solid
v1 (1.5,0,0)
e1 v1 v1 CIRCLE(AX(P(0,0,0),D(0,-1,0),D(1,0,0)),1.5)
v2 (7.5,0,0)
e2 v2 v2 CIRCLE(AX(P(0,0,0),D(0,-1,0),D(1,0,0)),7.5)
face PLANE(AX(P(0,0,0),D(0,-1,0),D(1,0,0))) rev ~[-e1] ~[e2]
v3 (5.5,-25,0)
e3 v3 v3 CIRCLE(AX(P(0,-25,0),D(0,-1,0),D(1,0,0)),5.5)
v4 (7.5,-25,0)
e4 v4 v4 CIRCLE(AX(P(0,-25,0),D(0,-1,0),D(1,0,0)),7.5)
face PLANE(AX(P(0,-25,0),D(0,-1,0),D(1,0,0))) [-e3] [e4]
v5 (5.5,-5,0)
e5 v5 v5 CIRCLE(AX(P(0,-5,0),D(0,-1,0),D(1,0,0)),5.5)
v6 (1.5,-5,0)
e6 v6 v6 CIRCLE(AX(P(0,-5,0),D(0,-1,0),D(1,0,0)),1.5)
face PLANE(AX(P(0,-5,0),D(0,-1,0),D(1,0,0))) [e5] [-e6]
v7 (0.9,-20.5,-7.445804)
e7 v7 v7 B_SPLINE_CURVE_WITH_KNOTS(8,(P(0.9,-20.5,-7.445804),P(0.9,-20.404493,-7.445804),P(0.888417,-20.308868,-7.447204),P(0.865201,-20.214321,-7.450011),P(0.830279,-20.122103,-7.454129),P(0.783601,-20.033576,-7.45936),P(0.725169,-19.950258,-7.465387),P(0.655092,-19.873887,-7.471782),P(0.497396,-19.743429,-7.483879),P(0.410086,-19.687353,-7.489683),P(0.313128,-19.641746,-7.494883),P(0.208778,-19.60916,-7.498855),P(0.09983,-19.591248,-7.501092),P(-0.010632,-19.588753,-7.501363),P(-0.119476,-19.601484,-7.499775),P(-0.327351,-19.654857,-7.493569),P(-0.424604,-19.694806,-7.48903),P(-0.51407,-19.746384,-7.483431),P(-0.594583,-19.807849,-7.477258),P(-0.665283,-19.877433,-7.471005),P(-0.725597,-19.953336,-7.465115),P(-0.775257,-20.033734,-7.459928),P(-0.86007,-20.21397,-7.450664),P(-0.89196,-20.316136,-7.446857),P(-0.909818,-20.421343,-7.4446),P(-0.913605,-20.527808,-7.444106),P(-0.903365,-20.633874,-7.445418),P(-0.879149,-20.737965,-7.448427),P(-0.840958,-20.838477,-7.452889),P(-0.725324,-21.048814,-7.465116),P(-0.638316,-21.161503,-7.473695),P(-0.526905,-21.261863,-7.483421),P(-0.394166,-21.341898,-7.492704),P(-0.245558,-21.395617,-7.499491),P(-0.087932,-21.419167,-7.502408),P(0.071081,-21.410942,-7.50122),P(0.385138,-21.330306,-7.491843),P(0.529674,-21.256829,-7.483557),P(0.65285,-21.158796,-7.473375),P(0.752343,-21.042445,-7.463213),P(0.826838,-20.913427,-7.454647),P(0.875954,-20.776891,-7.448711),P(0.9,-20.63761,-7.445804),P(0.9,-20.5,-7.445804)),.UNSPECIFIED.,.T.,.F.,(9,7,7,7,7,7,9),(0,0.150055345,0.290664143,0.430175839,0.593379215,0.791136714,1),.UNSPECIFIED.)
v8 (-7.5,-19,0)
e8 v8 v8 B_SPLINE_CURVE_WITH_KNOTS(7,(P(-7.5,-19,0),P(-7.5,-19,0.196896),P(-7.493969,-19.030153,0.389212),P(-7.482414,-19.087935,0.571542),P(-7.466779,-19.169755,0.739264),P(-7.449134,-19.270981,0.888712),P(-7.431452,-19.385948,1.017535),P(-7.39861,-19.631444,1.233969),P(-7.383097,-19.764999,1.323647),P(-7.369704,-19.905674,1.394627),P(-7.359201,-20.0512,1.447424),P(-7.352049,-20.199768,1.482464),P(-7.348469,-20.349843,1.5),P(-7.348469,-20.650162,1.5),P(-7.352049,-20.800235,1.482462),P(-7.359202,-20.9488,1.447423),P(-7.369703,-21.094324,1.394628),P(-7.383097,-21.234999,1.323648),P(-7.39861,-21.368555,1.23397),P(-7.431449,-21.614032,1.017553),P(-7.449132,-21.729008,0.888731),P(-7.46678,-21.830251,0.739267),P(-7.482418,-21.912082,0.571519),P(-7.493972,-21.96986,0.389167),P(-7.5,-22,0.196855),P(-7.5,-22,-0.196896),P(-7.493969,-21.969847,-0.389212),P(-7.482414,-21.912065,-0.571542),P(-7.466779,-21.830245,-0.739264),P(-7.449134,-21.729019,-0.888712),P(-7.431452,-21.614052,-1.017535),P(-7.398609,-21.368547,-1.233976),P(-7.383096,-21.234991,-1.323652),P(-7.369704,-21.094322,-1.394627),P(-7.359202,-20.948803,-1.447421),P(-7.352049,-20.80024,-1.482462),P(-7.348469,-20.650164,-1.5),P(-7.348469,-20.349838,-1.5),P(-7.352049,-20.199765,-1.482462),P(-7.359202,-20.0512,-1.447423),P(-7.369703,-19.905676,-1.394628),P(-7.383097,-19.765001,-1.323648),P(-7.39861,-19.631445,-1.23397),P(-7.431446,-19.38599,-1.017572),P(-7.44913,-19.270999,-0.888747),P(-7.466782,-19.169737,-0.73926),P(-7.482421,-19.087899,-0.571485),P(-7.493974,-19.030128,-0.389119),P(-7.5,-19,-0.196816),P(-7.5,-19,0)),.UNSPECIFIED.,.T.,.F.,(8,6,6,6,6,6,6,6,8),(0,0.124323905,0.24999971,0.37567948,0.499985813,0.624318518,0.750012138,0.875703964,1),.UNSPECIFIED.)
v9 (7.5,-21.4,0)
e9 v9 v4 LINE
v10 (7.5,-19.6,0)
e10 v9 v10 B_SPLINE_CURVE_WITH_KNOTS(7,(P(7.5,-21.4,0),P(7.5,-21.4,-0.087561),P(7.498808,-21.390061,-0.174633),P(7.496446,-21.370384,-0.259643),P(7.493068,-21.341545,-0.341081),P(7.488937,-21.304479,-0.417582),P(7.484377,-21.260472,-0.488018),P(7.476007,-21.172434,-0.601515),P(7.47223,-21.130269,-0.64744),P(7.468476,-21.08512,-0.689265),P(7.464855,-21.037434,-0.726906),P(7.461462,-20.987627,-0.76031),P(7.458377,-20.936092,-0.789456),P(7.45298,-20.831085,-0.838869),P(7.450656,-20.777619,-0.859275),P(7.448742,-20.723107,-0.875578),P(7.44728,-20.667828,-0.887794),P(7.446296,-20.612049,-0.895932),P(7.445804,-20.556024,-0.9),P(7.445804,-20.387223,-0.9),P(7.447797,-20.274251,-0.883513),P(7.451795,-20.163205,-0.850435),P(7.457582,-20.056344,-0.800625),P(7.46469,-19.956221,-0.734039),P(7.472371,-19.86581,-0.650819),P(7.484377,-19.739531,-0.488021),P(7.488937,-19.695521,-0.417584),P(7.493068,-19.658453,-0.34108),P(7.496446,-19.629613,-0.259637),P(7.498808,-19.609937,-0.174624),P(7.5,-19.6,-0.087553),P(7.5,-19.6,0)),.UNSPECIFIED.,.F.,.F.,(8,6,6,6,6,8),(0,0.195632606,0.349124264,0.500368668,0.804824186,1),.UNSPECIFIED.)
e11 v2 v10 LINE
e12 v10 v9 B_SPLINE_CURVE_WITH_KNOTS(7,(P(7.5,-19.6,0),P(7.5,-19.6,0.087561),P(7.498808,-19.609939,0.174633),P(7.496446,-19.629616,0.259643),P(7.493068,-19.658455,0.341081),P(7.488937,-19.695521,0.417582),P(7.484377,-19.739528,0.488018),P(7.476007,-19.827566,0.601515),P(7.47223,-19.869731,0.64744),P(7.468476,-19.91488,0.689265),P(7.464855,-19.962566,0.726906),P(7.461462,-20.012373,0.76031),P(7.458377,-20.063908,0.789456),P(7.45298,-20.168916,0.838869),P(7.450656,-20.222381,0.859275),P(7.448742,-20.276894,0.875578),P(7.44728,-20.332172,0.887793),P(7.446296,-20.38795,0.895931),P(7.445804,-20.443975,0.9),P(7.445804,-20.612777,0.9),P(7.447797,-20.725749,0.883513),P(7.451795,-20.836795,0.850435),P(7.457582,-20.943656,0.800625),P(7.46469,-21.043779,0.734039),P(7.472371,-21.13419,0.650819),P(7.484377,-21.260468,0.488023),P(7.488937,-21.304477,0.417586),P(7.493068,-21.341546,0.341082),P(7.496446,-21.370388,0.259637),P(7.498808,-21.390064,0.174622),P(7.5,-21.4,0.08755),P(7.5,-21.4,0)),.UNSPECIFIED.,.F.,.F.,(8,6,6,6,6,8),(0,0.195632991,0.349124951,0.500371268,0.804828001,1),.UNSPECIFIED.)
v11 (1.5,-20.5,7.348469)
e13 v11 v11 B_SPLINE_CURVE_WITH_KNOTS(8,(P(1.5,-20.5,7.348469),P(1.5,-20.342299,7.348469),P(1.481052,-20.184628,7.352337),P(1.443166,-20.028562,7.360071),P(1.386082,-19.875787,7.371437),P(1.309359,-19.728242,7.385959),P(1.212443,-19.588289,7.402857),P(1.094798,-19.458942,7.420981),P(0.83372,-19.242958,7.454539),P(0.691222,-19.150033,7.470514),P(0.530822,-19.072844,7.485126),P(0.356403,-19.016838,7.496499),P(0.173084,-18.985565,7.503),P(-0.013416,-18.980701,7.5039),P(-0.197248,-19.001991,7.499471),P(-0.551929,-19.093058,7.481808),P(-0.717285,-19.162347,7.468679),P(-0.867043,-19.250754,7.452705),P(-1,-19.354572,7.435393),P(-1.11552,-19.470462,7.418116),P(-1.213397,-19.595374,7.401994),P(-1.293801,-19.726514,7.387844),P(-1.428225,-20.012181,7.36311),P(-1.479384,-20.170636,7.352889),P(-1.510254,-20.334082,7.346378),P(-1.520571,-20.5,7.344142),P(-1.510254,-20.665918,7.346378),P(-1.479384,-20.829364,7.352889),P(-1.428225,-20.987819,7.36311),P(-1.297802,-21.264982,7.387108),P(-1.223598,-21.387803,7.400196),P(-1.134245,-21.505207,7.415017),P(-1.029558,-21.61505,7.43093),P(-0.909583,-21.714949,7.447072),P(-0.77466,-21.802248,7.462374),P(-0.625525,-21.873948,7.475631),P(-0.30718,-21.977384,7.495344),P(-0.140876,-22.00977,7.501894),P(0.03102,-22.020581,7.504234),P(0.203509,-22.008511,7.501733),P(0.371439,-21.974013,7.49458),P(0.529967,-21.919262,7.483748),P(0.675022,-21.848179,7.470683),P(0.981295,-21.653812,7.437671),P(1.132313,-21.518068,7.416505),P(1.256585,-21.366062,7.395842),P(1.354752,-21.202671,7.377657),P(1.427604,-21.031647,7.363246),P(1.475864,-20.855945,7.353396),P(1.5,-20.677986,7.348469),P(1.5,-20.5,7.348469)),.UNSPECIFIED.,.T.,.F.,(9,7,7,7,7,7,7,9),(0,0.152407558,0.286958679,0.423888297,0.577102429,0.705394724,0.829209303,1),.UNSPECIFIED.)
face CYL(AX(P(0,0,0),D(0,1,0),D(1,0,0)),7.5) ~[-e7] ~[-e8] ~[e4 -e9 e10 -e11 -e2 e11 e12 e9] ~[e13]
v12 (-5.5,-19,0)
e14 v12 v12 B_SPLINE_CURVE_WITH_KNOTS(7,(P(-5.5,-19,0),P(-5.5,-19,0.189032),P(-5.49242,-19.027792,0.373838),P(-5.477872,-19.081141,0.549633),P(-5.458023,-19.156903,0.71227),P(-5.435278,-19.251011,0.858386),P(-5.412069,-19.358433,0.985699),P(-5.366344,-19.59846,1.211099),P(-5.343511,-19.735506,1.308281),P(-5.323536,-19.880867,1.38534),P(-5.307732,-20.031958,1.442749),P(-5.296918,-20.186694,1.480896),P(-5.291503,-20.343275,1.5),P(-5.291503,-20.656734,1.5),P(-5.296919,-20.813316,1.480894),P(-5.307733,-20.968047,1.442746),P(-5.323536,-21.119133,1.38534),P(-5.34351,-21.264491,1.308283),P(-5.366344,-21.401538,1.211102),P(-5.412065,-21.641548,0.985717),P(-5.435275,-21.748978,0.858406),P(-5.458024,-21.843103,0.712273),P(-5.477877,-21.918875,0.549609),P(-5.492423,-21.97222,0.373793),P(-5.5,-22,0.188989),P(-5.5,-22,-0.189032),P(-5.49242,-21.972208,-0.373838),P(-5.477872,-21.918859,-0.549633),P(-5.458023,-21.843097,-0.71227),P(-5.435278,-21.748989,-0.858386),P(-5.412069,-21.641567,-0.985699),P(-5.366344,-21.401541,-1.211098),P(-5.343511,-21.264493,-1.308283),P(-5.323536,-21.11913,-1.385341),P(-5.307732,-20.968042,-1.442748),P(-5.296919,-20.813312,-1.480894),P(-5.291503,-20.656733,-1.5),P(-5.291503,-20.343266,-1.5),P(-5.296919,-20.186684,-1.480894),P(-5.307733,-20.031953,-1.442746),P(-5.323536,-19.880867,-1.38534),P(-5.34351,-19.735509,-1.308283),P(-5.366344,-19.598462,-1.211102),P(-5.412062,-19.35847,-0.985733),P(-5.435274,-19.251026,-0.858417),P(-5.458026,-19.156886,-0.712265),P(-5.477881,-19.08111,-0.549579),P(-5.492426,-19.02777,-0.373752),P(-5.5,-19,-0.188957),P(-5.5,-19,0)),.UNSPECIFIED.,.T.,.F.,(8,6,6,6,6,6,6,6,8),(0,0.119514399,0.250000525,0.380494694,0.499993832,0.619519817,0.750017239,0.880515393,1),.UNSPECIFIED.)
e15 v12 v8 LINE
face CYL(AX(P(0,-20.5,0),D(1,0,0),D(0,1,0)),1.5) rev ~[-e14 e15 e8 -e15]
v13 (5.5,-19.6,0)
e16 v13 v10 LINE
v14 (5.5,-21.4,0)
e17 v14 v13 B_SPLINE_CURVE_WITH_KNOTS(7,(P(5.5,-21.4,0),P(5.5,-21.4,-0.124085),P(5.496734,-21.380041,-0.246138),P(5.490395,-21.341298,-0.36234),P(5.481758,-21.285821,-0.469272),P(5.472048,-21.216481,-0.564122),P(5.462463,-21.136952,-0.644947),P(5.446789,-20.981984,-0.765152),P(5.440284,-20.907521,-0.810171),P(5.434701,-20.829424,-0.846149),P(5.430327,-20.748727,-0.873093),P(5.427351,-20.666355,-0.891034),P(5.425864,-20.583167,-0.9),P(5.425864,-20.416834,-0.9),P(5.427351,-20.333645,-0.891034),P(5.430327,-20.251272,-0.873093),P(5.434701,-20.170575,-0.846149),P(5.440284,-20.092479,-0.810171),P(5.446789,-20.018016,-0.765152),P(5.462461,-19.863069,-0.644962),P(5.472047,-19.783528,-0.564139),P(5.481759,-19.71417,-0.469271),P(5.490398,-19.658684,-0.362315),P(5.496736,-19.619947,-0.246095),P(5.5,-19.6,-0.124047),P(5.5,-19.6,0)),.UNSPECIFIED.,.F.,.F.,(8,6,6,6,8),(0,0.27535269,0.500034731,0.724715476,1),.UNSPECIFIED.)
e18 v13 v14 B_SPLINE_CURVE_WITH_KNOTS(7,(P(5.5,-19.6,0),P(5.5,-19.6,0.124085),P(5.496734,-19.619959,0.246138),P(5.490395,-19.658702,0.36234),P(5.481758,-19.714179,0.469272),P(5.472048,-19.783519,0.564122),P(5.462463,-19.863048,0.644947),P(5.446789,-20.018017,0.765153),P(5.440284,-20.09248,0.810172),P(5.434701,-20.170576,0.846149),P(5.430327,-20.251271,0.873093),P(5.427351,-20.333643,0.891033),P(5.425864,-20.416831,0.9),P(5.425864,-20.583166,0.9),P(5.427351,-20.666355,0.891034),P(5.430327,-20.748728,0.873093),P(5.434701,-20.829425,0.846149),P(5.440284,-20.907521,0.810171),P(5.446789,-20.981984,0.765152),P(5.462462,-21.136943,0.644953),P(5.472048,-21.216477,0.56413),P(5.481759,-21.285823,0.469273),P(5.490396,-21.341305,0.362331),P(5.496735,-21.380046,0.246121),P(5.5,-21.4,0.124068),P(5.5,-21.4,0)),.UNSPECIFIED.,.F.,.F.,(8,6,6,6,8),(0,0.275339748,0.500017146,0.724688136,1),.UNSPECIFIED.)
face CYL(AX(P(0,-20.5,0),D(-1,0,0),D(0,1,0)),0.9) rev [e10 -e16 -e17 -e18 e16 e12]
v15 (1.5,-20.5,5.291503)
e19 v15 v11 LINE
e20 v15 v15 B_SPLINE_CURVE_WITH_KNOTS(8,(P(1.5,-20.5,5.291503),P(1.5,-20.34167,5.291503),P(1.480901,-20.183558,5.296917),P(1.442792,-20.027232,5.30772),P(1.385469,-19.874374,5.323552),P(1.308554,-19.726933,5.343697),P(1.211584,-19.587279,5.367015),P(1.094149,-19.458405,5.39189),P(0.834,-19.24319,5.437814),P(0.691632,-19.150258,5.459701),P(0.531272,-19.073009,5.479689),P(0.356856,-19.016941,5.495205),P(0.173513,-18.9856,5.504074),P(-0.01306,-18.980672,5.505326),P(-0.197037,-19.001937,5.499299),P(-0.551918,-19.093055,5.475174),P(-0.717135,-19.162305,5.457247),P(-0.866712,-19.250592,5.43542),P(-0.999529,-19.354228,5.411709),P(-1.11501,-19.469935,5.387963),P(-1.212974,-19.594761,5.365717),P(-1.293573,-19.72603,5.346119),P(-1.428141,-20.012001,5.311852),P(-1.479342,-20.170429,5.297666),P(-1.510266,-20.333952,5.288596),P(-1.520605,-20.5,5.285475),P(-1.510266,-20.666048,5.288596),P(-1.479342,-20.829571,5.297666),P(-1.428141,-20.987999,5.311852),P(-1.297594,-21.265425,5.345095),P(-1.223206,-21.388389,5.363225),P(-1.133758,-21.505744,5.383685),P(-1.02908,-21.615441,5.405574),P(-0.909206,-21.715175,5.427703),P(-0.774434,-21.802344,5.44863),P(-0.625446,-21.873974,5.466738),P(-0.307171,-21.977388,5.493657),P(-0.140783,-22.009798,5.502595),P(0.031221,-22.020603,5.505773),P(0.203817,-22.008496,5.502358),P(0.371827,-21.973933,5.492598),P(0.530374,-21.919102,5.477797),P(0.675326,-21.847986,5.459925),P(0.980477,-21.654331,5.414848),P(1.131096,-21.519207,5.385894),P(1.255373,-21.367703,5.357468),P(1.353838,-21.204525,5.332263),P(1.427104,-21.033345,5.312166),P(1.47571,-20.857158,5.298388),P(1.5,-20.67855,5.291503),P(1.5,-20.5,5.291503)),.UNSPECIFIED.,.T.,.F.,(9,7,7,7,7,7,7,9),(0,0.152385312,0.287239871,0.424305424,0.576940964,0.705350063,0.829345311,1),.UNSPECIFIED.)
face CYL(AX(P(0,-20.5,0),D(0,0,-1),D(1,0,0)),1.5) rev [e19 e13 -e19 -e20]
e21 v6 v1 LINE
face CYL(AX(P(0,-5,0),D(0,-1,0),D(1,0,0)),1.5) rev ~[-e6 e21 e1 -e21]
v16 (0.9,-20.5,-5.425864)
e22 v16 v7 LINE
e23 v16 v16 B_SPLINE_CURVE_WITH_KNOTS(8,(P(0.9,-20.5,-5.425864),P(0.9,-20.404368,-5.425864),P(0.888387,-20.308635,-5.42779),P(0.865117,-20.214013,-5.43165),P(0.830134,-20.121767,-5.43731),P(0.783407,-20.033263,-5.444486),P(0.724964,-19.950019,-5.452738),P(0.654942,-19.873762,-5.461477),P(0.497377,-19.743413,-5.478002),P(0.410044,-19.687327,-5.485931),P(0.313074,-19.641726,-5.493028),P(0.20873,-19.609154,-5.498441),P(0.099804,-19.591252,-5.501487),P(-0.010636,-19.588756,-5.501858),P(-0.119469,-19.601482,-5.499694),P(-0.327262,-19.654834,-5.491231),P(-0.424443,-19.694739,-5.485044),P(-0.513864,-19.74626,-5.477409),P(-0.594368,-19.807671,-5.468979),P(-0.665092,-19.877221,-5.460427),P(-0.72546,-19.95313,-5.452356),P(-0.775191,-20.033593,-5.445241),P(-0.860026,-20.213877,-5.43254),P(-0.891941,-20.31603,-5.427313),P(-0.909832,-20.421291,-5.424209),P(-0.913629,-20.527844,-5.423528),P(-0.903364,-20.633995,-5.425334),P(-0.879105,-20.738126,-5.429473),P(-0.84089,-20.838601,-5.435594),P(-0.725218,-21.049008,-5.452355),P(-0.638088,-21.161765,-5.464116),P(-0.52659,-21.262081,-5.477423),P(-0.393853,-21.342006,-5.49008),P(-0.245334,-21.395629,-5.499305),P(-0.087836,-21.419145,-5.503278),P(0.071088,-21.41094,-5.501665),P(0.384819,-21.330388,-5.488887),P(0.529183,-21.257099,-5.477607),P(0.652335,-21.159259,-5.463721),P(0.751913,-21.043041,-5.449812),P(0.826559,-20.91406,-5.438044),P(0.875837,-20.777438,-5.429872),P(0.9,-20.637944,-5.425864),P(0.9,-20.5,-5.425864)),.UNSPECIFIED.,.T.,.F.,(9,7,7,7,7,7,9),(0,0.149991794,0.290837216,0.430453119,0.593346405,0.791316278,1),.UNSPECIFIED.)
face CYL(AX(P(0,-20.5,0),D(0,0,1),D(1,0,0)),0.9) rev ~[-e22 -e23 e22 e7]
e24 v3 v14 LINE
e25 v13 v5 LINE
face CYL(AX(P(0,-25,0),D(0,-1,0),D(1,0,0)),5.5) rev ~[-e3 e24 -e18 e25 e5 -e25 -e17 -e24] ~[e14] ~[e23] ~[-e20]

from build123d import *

# Parameters (mm, degrees)
F0_R      = 7.5
F1_DEPTH  = 25
F2_R      = 5.5
F3_DEPTH  = 20
F4_R      = 1.5
F5_DEPTH  = 5
F6_R      = 1.5
F7_DEPTH  = 7.501
F8_R      = 0.9
F9_DEPTH  = 7.501
F10_R     = 1.5
F11_DEPTH = 7.501
F12_R     = 0.9
F13_DEPTH = 7.501


with BuildPart() as f1:
    # F0 (on Front) → F1 (new body)
    with BuildSketch(Plane.XZ):
        Circle(F0_R)
    extrude(amount=F1_DEPTH)

    # F2 (on face) → F3 (cut)
    with BuildSketch(Plane.XZ.offset(25)):
        Circle(F2_R)
    extrude(amount=-F3_DEPTH, mode=Mode.SUBTRACT)

    # F4 (on face) → F5 (cut, through all)
    with BuildSketch(Plane.XZ.offset(5)):
        Circle(F4_R)
    extrude(amount=-F5_DEPTH, mode=Mode.SUBTRACT)

    # F6 (on Top) → F7 (cut, through all)
    with BuildSketch(Plane.XY):
        with Locations((0, -20.5)):
            Circle(F6_R)
    extrude(amount=F7_DEPTH, mode=Mode.SUBTRACT)

    # F8 (on Top) → F9 (cut, through all)
    with BuildSketch(Plane.XY):
        with Locations((0, -20.5)):
            Circle(F8_R)
    extrude(amount=-F9_DEPTH, mode=Mode.SUBTRACT)

    # F10 (on Right) → F11 (cut, through all)
    with BuildSketch(Plane.YZ):
        with Locations((-20.5, 0)):
            Circle(F10_R)
    extrude(amount=-F11_DEPTH, mode=Mode.SUBTRACT)

    # F12 (on Right) → F13 (cut, through all)
    with BuildSketch(Plane.YZ):
        with Locations((-20.5, 0)):
            Circle(F12_R)
    extrude(amount=F13_DEPTH, mode=Mode.SUBTRACT)


solid = f1.part
